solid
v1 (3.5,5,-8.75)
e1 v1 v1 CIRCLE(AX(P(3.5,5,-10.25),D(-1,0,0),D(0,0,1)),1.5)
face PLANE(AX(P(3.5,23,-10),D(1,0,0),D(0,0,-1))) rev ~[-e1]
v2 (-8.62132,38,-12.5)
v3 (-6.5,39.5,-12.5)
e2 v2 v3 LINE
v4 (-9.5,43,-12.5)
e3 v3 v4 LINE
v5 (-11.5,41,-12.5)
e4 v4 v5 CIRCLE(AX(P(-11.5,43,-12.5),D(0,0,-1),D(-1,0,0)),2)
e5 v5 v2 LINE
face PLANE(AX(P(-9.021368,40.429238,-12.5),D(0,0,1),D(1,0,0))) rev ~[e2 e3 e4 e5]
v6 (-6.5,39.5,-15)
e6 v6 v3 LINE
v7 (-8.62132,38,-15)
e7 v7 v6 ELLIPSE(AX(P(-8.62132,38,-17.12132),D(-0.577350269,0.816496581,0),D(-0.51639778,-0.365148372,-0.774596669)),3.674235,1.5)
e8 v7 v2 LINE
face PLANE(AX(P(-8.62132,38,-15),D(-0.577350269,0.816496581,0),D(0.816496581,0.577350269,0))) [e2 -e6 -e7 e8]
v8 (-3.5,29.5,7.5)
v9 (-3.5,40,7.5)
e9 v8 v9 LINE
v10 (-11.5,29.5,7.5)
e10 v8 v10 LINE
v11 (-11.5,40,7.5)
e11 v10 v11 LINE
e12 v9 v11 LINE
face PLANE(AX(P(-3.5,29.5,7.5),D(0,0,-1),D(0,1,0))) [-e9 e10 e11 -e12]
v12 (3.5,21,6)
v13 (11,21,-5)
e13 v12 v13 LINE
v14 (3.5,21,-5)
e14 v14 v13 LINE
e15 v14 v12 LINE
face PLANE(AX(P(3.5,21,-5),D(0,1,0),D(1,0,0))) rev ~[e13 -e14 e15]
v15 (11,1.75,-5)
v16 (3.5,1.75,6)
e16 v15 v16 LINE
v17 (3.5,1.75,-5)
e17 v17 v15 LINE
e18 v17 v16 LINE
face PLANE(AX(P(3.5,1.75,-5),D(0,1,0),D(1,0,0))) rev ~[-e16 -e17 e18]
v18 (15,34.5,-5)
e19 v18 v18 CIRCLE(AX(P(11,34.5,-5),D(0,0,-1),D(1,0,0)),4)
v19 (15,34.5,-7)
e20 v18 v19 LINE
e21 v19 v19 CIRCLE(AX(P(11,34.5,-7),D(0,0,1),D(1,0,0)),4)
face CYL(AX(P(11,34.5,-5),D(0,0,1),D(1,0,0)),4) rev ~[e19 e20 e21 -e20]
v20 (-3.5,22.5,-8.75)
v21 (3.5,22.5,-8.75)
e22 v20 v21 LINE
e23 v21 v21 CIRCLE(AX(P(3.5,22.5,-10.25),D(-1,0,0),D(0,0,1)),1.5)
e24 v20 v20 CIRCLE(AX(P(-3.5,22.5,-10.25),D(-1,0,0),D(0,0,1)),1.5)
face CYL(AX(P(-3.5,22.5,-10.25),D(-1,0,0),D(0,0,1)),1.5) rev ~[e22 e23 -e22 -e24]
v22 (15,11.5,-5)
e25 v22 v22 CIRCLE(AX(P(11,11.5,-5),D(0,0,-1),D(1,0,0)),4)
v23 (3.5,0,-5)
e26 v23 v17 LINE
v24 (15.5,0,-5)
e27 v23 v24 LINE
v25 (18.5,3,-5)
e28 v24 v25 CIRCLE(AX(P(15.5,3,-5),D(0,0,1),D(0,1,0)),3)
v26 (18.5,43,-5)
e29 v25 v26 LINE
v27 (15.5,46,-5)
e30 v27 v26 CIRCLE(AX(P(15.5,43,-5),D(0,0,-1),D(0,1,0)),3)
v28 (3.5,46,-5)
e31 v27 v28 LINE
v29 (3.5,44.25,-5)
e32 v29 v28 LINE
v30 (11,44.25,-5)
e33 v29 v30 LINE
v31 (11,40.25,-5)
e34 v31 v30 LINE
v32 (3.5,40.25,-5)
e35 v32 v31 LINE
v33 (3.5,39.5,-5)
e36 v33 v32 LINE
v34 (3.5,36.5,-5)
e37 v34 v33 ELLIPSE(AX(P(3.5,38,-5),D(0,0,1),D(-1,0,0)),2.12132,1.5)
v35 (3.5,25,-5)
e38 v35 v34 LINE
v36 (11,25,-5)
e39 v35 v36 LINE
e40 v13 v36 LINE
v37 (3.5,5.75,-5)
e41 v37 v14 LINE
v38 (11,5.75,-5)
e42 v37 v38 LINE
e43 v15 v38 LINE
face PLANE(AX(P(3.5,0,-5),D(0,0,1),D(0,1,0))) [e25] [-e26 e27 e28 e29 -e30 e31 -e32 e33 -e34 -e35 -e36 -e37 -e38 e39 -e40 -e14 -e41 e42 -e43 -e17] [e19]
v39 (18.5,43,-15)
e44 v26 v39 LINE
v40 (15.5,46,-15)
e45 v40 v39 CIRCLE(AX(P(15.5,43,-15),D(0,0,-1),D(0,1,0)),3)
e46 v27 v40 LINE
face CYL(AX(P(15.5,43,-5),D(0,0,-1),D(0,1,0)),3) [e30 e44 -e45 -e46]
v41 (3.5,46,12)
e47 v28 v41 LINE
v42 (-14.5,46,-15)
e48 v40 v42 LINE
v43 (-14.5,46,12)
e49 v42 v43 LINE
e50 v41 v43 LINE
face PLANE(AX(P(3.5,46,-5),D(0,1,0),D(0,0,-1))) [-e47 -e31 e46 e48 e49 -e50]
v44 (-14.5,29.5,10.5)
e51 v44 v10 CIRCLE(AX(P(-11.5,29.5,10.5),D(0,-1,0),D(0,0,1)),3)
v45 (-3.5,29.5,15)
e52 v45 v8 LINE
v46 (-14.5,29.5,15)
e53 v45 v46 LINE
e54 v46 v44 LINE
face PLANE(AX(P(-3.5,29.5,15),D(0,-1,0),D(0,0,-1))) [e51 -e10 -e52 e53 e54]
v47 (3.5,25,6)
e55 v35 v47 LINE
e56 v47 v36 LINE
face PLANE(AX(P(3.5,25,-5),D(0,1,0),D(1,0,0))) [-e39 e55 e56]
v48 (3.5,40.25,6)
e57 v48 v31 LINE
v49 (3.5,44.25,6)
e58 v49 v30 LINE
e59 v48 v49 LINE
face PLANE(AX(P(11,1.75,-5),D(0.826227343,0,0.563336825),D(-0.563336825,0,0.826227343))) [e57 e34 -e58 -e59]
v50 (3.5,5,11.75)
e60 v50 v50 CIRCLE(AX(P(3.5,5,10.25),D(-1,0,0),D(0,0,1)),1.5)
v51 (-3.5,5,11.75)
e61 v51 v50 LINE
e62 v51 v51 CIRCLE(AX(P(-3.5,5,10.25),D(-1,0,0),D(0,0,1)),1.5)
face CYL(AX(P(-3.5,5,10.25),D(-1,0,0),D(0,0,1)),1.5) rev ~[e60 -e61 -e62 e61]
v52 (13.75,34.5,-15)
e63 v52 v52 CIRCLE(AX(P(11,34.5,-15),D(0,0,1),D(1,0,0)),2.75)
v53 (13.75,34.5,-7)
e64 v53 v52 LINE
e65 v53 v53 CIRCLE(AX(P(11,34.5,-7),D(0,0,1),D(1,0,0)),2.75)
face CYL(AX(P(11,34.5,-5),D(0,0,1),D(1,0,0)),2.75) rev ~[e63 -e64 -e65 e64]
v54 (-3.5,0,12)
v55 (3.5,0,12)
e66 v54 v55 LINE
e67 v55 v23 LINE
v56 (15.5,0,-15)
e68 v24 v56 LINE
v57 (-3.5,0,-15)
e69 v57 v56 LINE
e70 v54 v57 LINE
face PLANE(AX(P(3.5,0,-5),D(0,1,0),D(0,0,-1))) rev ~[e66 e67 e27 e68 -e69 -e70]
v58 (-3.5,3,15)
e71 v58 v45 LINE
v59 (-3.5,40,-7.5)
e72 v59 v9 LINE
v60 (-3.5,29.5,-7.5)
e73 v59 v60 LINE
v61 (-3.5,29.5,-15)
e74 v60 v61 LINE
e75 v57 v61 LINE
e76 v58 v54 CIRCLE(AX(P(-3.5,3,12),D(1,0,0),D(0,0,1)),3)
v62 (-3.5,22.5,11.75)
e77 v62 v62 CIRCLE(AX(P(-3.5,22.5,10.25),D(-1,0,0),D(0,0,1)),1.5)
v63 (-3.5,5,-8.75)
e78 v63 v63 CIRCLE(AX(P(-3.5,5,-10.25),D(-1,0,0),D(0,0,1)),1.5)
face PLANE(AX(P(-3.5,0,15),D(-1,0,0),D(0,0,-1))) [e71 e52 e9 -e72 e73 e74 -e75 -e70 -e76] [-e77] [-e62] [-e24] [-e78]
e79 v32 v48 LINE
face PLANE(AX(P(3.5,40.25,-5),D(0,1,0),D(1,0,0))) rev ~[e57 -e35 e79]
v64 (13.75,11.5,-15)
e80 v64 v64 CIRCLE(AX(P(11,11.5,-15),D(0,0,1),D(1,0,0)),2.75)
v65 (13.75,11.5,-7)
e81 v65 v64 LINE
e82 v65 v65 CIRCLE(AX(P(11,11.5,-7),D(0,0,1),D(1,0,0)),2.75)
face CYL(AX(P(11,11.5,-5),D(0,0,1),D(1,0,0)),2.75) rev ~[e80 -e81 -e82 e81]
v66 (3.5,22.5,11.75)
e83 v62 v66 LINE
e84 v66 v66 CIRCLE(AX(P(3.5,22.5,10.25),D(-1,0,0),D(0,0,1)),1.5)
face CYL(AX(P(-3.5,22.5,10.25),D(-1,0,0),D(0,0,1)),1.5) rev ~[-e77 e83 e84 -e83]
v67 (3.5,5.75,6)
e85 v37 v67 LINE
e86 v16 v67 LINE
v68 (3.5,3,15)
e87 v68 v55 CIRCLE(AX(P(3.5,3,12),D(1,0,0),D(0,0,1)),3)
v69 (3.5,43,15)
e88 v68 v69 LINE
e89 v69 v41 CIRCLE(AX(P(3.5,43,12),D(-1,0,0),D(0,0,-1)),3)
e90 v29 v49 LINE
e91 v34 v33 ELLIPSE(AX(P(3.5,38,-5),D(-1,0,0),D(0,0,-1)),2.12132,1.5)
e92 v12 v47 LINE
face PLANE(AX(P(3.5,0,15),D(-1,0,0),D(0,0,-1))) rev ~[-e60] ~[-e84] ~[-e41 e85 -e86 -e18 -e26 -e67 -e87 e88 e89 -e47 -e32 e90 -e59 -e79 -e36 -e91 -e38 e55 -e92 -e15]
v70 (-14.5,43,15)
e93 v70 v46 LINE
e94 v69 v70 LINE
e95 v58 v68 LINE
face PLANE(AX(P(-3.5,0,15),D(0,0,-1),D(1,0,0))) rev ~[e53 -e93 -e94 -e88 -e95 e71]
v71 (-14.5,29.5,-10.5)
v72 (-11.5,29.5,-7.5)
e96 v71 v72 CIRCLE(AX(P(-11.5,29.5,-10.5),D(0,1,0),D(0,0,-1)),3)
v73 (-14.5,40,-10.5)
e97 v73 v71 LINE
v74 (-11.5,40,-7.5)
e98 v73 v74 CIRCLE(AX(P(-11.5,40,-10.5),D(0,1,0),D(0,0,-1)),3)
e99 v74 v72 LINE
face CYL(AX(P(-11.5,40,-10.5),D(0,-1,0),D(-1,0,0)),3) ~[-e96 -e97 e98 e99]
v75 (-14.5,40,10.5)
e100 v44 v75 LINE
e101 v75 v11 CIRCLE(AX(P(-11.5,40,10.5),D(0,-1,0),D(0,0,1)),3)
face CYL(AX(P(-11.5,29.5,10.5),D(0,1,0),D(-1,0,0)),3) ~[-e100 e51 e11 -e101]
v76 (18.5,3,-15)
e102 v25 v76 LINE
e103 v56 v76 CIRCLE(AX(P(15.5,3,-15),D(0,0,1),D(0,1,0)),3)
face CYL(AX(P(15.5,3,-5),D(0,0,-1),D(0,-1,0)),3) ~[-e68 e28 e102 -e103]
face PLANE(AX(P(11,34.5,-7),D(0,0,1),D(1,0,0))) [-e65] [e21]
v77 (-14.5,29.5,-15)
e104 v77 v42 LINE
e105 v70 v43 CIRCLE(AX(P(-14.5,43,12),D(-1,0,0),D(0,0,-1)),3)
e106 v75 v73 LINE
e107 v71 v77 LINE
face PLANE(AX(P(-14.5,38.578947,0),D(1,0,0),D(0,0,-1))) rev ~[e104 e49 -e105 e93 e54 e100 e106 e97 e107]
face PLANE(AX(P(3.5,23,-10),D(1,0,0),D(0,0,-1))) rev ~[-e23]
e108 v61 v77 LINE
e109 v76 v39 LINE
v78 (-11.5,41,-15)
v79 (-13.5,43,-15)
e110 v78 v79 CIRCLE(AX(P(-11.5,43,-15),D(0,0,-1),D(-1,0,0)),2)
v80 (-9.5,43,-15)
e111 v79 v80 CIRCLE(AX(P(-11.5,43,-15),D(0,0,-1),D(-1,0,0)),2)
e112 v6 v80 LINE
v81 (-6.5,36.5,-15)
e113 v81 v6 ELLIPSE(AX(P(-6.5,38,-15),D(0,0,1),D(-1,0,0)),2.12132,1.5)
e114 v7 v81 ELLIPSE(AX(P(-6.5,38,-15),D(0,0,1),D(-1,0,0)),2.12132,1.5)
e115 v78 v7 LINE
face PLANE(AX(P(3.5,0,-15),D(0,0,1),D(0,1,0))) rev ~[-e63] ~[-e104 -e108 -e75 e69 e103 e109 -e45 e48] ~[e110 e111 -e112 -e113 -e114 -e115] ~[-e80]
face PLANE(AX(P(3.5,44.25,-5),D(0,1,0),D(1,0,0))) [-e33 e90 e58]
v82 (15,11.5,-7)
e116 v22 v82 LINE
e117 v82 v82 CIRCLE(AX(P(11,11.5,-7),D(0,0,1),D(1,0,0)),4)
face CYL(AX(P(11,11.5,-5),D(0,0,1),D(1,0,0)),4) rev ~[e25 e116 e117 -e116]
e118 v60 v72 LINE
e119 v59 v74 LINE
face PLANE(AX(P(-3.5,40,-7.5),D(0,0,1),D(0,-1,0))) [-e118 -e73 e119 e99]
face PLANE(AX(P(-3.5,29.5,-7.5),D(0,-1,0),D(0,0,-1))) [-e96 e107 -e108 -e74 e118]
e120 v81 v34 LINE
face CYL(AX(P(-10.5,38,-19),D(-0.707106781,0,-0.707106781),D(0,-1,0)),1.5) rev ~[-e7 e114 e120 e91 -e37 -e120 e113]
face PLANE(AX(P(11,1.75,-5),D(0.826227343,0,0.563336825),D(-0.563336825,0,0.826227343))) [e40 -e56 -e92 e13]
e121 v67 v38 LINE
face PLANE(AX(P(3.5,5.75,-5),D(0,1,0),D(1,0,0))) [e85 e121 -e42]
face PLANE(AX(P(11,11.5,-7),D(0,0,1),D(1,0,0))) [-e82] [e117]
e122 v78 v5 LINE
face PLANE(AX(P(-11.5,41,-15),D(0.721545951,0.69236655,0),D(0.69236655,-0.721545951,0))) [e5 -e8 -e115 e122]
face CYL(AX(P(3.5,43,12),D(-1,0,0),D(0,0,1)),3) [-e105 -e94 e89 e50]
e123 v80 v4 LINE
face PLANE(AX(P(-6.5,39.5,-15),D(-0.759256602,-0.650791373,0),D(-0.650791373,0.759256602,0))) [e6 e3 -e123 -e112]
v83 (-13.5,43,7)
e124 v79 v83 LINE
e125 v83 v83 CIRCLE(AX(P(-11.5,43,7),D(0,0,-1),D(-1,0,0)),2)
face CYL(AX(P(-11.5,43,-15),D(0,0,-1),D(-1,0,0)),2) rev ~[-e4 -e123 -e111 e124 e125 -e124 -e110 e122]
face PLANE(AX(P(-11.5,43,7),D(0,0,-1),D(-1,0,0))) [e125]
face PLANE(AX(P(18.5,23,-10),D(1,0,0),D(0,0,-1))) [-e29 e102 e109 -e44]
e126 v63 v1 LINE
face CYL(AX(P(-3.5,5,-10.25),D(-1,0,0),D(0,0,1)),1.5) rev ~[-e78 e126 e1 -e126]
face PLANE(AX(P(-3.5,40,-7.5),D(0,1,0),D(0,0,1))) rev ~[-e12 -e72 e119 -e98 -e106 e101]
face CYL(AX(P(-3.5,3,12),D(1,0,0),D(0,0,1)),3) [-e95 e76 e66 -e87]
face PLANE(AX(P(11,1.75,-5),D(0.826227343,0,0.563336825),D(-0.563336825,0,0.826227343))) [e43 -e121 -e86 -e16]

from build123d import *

# Parameters (mm, degrees)
ESBO_O1_W                = 7
ESBO_O1_H                = 30
RESSALTO_EXTRUS_O1_DEPTH = 46
RESSALTO_EXTRUS_O2_DEPTH = 11
FILETE1_R                = 3
ESBO_O3_R                = 1.5
CORTE_EXTRUS_O1_DEPTH    = 8
ESBO_O4_W                = 10
ESBO_O4_H                = 46
RESSALTO_EXTRUS_O4_DEPTH = 15
ESBO_O5_R                = 2.75
CORTE_EXTRUS_O2_DEPTH    = 11
ESBO_O6_R                = 4
CORTE_EXTRUS_O3_DEPTH    = 2
ESBO_O7_W                = 7.5
ESBO_O7_H                = 4
RESSALTO_EXTRUS_O5_DEPTH = 11
CORTE_EXTRUS_O4_DEPTH    = 45.25
FILETE2_R                = 3
FILETE3_R                = 3
ESBO_O9_R                = 2
CORTE_EXTRUS_O5_DEPTH    = 22
ESBO_O15_R               = 1.5
CORTE_EXTRUS_O6_DEPTH    = 22
CORTE_EXTRUS_O7_DEPTH    = 2.5


with BuildPart() as part:
    # Esboço1 → Ressalto-extrusão1 (new body)
    with BuildSketch(Plane(origin=(0, 0, 0), x_dir=(1, 0, 0), z_dir=(0, 1, 0))):
        Rectangle(ESBO_O1_W, ESBO_O1_H)
    extrude(amount=RESSALTO_EXTRUS_O1_DEPTH)

    # Esboço2 → Ressalto-extrusão2 (add)
    with BuildSketch(Plane.ZY.offset(3.5)):
        Polygon((0, 40), (-7.5, 40), (-7.5, 29.5), (-15, 29.5), (-15, 46), (15, 46), (15, 29.5), (7.5, 29.5), (7.5, 40), align=None)
    extrude(amount=RESSALTO_EXTRUS_O2_DEPTH)

    # Filete1
    filete1_edges = [part.edges().sort_by_distance(p)[0] for p in [
        (-14.5, 34.75, -7.5),
        (-14.5, 34.75, 7.5),
    ]]
    fillet(filete1_edges, radius=FILETE1_R)

    # Esboço3 → Corte-extrusão1 (cut, through all)
    with BuildSketch(Plane.ZY.offset(3.5)):
        with Locations((-10.25, 5)):
            Circle(ESBO_O3_R)
        with Locations((10.25, 5)):
            Circle(ESBO_O3_R)
        with Locations((-10.25, 22.5)):
            Circle(ESBO_O3_R)
        with Locations((10.25, 22.5)):
            Circle(ESBO_O3_R)
    extrude(amount=-CORTE_EXTRUS_O1_DEPTH, mode=Mode.SUBTRACT)

    # Esboço4 → Ressalto-extrusão4 (add)
    with BuildSketch(Plane(origin=(3.5, 0, 0), x_dir=(0, 0, -1), z_dir=(1, 0, 0))):
        with Locations((10, 23)):
            Rectangle(ESBO_O4_W, ESBO_O4_H)
    extrude(amount=RESSALTO_EXTRUS_O4_DEPTH)

    # Esboço5 → Corte-extrusão2 (cut, through all)
    with BuildSketch(Plane.XY.offset(-5)):
        with Locations((11, 11.5)):
            Circle(ESBO_O5_R)
        with Locations((11, 34.5)):
            Circle(ESBO_O5_R)
    extrude(amount=-CORTE_EXTRUS_O2_DEPTH, mode=Mode.SUBTRACT)

    # Esboço6 → Corte-extrusão3 (cut)
    with BuildSketch(Plane.XY.offset(-5)):
        with Locations((11, 11.5)):
            Circle(ESBO_O6_R)
        with Locations((11, 34.5)):
            Circle(ESBO_O6_R)
    extrude(amount=-CORTE_EXTRUS_O3_DEPTH, mode=Mode.SUBTRACT)

    # Esboço7 → Ressalto-extrusão5 (add)
    with BuildSketch(Plane.XY.offset(-5)):
        with Locations((7.25, 3.75)):
            Rectangle(ESBO_O7_W, ESBO_O7_H)
        with Locations((7.25, 23)):
            Rectangle(ESBO_O7_W, ESBO_O7_H)
        with Locations((7.25, 42.25)):
            Rectangle(ESBO_O7_W, ESBO_O7_H)
    extrude(amount=RESSALTO_EXTRUS_O5_DEPTH)

    # Esboço8 → Corte-extrusão4 (cut, through all)
    with BuildSketch(Plane.XZ.offset(-1.75)):
        Polygon((11, -5), (3.5, 6), (11, 6), align=None)
    extrude(amount=-CORTE_EXTRUS_O4_DEPTH, mode=Mode.SUBTRACT)

    # Filete2
    filete2_edges = [part.edges().sort_by_distance(p)[0] for p in [
        (-5.5, 46, 15),
        (0, 0, 15),
    ]]
    fillet(filete2_edges, radius=FILETE2_R)

    # Filete3
    filete3_edges = [part.edges().sort_by_distance(p)[0] for p in [
        (18.5, 46, -10),
        (18.5, 0, -10),
    ]]
    fillet(filete3_edges, radius=FILETE3_R)

    # Esboço9 → Corte-extrusão5 (cut)
    with BuildSketch(Plane(origin=(0, 0, -15), x_dir=(-1, 0, 0), z_dir=(0, 0, -1))):
        with Locations((11.5, 43)):
            Circle(ESBO_O9_R)
    extrude(amount=-CORTE_EXTRUS_O5_DEPTH, mode=Mode.SUBTRACT)

    # Esboço15 → Corte-extrusão6 (cut)
    with BuildSketch(Plane(origin=(-14.75, 0, -14.75), x_dir=(0, -1, 0), z_dir=(-0.707106781, 0, -0.707106781))):
        with Locations((-38, -6.01040764)):
            Circle(ESBO_O15_R)
    extrude(amount=-CORTE_EXTRUS_O6_DEPTH, mode=Mode.SUBTRACT)

    # Esboço16 → Corte-extrusão7 (cut)
    with BuildSketch(Plane(origin=(0, 0, -15), x_dir=(-1, 0, 0), z_dir=(0, 0, -1))):
        Polygon((6.5, 39.5), (9.5, 43), (11.5, 41), (8.621320344, 38), align=None)
    extrude(amount=-CORTE_EXTRUS_O7_DEPTH, mode=Mode.SUBTRACT)


solid = part.part
